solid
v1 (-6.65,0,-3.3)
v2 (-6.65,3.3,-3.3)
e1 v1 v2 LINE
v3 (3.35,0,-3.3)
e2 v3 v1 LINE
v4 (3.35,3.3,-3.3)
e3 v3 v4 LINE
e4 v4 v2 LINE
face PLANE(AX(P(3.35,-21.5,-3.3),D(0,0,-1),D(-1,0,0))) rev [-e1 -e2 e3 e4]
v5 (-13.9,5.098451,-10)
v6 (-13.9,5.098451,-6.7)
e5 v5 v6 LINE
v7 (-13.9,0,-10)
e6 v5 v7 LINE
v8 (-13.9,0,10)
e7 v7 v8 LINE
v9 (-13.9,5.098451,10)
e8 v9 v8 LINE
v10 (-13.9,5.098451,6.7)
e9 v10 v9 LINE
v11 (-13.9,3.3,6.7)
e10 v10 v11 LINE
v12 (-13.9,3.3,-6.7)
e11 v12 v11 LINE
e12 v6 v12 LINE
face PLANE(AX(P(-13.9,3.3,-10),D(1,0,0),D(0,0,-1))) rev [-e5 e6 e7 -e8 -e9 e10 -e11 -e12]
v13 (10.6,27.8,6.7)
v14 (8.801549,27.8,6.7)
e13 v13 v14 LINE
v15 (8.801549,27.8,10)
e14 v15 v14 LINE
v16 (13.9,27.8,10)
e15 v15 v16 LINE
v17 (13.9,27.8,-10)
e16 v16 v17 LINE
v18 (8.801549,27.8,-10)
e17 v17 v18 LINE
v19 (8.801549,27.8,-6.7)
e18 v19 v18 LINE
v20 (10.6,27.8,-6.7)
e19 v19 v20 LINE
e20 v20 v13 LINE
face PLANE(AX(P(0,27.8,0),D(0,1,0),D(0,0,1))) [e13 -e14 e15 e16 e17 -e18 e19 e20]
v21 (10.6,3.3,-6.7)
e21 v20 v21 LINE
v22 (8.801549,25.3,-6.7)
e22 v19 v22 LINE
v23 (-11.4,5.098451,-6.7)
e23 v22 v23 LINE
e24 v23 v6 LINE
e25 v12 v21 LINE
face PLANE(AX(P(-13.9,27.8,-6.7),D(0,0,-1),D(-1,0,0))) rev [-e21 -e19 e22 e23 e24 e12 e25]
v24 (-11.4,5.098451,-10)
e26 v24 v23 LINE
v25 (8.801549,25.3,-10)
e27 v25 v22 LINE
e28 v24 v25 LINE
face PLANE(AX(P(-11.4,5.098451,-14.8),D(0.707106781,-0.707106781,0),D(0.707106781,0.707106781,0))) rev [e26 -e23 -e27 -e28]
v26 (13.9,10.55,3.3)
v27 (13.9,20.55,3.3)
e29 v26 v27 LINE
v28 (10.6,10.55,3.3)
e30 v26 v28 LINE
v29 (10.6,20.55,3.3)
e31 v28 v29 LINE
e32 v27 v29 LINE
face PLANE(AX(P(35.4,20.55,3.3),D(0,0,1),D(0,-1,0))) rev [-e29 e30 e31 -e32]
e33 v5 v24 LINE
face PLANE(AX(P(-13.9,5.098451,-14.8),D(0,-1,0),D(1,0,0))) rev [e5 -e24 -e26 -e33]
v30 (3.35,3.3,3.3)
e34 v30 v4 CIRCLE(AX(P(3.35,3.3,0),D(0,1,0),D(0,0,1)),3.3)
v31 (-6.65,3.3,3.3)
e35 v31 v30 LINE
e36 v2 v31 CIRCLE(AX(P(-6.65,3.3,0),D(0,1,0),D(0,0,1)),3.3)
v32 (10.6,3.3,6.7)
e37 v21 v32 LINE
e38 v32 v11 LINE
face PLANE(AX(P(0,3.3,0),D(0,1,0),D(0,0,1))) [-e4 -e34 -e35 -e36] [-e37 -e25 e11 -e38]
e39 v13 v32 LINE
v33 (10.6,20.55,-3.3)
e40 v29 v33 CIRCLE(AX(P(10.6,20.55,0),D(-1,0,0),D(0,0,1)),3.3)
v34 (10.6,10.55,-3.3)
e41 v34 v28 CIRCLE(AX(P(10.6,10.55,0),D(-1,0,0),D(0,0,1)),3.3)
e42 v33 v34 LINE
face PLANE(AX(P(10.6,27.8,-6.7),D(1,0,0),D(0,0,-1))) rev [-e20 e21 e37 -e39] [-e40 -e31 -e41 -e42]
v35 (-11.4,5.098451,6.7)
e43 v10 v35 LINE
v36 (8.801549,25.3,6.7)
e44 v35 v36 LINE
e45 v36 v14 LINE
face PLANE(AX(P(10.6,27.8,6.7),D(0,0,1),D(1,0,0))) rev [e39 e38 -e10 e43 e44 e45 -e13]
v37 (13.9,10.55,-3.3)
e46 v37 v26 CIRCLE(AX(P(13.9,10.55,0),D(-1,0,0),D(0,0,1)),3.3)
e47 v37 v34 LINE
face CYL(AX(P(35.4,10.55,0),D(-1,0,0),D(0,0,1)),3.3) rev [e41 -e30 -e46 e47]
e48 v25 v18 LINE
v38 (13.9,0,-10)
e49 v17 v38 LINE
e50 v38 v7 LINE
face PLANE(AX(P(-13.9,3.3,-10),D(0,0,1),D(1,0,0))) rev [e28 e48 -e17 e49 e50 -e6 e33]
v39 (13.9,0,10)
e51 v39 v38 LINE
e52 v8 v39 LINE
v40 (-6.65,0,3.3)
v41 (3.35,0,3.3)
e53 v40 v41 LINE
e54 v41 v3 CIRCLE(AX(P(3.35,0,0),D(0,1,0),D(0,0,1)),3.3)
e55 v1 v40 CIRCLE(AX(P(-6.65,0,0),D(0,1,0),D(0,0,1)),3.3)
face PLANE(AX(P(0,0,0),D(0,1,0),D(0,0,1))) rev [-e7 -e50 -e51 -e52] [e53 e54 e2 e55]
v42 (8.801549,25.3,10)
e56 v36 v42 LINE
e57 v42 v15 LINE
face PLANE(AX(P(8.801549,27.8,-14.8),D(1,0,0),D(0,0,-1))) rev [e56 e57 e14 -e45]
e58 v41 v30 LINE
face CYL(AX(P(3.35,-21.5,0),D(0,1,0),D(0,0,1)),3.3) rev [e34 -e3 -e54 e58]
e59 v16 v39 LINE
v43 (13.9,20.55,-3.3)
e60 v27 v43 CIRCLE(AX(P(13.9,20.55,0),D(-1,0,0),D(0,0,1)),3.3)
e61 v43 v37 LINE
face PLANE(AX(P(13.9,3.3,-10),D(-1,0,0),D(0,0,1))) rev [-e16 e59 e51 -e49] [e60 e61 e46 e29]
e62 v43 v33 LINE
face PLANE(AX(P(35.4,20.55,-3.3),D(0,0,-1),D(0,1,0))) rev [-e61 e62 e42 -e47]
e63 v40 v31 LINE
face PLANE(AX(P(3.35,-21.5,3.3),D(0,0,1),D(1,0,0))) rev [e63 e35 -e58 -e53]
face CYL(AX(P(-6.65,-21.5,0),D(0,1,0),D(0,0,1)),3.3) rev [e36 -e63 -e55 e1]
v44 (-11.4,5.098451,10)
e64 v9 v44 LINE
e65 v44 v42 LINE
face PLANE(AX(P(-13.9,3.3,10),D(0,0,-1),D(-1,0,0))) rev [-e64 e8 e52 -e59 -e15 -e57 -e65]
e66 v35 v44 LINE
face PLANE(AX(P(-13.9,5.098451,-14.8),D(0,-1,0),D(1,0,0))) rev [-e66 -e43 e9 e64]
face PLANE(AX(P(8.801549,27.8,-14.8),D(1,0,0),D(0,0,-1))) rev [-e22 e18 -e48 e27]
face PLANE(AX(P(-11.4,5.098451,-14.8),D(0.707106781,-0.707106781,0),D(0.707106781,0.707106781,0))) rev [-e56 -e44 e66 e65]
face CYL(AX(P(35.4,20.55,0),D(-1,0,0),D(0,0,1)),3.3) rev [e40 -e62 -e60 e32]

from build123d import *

# Parameters (mm, degrees)
SKETCH_2_W          = 27.8
SKETCH_2_H          = 20
EXTRUDE_1_DEPTH     = 3.3
EXTRUDE_2_DEPTH     = 24.5
CUT_EXTRUDE_1_DEPTH = 24.8
CUT_EXTRUDE_2_DEPTH = 24.8
CUT_EXTRUDE_3_DEPTH = 24.8


with BuildPart() as part:
    # 草图2 → 凸台-拉伸1 (new body)
    with BuildSketch(Plane(origin=(0, 0, 0), x_dir=(1, 0, 0), z_dir=(0, 1, 0))):
        Rectangle(SKETCH_2_W, SKETCH_2_H)
    extrude(amount=EXTRUDE_1_DEPTH)

    # 草图4 → 凸台-拉伸2 (add)
    with BuildSketch(Plane(origin=(0, 3.3, 0), x_dir=(1, 0, 0), z_dir=(0, 1, 0))):
        Polygon((-13.9, 10), (-13.9, 6.7), (10.6, 6.7), (10.6, -6.7), (-13.9, -6.7), (-13.9, -10), (13.9, -10), (13.9, 10), align=None)
    extrude(amount=EXTRUDE_2_DEPTH)

    # 草图5 → 切除-拉伸1 (cut)
    with BuildSketch(Plane.XY.offset(10)):
        Polygon((8.801548781, 27.8), (8.801548781, 25.3), (-11.4, 5.098451219), (-13.9, 5.098451219), (-13.9, 27.8), align=None)
    extrude(amount=-CUT_EXTRUDE_1_DEPTH, mode=Mode.SUBTRACT)

    # 草图6 → 切除-拉伸2 (cut)
    with BuildSketch(Plane.ZY.offset(-10.6)):
        with BuildLine():
            Line((-3.3, 20.55), (-3.3, 10.55))
            ThreePointArc((-3.3, 10.55), (0, 7.25), (3.3, 10.55))
            Line((3.3, 10.55), (3.3, 20.55))
            ThreePointArc((3.3, 20.55), (0, 23.85), (-3.3, 20.55))
        make_face()
    extrude(amount=-CUT_EXTRUDE_2_DEPTH, mode=Mode.SUBTRACT)

    # 草图7 → 切除-拉伸3 (cut)
    with BuildSketch(Plane(origin=(0, 3.3, 0), x_dir=(1, 0, 0), z_dir=(0, 1, 0))):
        with BuildLine():
            Line((3.35, 3.3), (-6.65, 3.3))
            ThreePointArc((-6.65, 3.3), (-9.95, 0), (-6.65, -3.3))
            Line((-6.65, -3.3), (3.35, -3.3))
            ThreePointArc((3.35, -3.3), (6.65, 0), (3.35, 3.3))
        make_face()
    extrude(amount=-CUT_EXTRUDE_3_DEPTH, mode=Mode.SUBTRACT)


solid = part.part
